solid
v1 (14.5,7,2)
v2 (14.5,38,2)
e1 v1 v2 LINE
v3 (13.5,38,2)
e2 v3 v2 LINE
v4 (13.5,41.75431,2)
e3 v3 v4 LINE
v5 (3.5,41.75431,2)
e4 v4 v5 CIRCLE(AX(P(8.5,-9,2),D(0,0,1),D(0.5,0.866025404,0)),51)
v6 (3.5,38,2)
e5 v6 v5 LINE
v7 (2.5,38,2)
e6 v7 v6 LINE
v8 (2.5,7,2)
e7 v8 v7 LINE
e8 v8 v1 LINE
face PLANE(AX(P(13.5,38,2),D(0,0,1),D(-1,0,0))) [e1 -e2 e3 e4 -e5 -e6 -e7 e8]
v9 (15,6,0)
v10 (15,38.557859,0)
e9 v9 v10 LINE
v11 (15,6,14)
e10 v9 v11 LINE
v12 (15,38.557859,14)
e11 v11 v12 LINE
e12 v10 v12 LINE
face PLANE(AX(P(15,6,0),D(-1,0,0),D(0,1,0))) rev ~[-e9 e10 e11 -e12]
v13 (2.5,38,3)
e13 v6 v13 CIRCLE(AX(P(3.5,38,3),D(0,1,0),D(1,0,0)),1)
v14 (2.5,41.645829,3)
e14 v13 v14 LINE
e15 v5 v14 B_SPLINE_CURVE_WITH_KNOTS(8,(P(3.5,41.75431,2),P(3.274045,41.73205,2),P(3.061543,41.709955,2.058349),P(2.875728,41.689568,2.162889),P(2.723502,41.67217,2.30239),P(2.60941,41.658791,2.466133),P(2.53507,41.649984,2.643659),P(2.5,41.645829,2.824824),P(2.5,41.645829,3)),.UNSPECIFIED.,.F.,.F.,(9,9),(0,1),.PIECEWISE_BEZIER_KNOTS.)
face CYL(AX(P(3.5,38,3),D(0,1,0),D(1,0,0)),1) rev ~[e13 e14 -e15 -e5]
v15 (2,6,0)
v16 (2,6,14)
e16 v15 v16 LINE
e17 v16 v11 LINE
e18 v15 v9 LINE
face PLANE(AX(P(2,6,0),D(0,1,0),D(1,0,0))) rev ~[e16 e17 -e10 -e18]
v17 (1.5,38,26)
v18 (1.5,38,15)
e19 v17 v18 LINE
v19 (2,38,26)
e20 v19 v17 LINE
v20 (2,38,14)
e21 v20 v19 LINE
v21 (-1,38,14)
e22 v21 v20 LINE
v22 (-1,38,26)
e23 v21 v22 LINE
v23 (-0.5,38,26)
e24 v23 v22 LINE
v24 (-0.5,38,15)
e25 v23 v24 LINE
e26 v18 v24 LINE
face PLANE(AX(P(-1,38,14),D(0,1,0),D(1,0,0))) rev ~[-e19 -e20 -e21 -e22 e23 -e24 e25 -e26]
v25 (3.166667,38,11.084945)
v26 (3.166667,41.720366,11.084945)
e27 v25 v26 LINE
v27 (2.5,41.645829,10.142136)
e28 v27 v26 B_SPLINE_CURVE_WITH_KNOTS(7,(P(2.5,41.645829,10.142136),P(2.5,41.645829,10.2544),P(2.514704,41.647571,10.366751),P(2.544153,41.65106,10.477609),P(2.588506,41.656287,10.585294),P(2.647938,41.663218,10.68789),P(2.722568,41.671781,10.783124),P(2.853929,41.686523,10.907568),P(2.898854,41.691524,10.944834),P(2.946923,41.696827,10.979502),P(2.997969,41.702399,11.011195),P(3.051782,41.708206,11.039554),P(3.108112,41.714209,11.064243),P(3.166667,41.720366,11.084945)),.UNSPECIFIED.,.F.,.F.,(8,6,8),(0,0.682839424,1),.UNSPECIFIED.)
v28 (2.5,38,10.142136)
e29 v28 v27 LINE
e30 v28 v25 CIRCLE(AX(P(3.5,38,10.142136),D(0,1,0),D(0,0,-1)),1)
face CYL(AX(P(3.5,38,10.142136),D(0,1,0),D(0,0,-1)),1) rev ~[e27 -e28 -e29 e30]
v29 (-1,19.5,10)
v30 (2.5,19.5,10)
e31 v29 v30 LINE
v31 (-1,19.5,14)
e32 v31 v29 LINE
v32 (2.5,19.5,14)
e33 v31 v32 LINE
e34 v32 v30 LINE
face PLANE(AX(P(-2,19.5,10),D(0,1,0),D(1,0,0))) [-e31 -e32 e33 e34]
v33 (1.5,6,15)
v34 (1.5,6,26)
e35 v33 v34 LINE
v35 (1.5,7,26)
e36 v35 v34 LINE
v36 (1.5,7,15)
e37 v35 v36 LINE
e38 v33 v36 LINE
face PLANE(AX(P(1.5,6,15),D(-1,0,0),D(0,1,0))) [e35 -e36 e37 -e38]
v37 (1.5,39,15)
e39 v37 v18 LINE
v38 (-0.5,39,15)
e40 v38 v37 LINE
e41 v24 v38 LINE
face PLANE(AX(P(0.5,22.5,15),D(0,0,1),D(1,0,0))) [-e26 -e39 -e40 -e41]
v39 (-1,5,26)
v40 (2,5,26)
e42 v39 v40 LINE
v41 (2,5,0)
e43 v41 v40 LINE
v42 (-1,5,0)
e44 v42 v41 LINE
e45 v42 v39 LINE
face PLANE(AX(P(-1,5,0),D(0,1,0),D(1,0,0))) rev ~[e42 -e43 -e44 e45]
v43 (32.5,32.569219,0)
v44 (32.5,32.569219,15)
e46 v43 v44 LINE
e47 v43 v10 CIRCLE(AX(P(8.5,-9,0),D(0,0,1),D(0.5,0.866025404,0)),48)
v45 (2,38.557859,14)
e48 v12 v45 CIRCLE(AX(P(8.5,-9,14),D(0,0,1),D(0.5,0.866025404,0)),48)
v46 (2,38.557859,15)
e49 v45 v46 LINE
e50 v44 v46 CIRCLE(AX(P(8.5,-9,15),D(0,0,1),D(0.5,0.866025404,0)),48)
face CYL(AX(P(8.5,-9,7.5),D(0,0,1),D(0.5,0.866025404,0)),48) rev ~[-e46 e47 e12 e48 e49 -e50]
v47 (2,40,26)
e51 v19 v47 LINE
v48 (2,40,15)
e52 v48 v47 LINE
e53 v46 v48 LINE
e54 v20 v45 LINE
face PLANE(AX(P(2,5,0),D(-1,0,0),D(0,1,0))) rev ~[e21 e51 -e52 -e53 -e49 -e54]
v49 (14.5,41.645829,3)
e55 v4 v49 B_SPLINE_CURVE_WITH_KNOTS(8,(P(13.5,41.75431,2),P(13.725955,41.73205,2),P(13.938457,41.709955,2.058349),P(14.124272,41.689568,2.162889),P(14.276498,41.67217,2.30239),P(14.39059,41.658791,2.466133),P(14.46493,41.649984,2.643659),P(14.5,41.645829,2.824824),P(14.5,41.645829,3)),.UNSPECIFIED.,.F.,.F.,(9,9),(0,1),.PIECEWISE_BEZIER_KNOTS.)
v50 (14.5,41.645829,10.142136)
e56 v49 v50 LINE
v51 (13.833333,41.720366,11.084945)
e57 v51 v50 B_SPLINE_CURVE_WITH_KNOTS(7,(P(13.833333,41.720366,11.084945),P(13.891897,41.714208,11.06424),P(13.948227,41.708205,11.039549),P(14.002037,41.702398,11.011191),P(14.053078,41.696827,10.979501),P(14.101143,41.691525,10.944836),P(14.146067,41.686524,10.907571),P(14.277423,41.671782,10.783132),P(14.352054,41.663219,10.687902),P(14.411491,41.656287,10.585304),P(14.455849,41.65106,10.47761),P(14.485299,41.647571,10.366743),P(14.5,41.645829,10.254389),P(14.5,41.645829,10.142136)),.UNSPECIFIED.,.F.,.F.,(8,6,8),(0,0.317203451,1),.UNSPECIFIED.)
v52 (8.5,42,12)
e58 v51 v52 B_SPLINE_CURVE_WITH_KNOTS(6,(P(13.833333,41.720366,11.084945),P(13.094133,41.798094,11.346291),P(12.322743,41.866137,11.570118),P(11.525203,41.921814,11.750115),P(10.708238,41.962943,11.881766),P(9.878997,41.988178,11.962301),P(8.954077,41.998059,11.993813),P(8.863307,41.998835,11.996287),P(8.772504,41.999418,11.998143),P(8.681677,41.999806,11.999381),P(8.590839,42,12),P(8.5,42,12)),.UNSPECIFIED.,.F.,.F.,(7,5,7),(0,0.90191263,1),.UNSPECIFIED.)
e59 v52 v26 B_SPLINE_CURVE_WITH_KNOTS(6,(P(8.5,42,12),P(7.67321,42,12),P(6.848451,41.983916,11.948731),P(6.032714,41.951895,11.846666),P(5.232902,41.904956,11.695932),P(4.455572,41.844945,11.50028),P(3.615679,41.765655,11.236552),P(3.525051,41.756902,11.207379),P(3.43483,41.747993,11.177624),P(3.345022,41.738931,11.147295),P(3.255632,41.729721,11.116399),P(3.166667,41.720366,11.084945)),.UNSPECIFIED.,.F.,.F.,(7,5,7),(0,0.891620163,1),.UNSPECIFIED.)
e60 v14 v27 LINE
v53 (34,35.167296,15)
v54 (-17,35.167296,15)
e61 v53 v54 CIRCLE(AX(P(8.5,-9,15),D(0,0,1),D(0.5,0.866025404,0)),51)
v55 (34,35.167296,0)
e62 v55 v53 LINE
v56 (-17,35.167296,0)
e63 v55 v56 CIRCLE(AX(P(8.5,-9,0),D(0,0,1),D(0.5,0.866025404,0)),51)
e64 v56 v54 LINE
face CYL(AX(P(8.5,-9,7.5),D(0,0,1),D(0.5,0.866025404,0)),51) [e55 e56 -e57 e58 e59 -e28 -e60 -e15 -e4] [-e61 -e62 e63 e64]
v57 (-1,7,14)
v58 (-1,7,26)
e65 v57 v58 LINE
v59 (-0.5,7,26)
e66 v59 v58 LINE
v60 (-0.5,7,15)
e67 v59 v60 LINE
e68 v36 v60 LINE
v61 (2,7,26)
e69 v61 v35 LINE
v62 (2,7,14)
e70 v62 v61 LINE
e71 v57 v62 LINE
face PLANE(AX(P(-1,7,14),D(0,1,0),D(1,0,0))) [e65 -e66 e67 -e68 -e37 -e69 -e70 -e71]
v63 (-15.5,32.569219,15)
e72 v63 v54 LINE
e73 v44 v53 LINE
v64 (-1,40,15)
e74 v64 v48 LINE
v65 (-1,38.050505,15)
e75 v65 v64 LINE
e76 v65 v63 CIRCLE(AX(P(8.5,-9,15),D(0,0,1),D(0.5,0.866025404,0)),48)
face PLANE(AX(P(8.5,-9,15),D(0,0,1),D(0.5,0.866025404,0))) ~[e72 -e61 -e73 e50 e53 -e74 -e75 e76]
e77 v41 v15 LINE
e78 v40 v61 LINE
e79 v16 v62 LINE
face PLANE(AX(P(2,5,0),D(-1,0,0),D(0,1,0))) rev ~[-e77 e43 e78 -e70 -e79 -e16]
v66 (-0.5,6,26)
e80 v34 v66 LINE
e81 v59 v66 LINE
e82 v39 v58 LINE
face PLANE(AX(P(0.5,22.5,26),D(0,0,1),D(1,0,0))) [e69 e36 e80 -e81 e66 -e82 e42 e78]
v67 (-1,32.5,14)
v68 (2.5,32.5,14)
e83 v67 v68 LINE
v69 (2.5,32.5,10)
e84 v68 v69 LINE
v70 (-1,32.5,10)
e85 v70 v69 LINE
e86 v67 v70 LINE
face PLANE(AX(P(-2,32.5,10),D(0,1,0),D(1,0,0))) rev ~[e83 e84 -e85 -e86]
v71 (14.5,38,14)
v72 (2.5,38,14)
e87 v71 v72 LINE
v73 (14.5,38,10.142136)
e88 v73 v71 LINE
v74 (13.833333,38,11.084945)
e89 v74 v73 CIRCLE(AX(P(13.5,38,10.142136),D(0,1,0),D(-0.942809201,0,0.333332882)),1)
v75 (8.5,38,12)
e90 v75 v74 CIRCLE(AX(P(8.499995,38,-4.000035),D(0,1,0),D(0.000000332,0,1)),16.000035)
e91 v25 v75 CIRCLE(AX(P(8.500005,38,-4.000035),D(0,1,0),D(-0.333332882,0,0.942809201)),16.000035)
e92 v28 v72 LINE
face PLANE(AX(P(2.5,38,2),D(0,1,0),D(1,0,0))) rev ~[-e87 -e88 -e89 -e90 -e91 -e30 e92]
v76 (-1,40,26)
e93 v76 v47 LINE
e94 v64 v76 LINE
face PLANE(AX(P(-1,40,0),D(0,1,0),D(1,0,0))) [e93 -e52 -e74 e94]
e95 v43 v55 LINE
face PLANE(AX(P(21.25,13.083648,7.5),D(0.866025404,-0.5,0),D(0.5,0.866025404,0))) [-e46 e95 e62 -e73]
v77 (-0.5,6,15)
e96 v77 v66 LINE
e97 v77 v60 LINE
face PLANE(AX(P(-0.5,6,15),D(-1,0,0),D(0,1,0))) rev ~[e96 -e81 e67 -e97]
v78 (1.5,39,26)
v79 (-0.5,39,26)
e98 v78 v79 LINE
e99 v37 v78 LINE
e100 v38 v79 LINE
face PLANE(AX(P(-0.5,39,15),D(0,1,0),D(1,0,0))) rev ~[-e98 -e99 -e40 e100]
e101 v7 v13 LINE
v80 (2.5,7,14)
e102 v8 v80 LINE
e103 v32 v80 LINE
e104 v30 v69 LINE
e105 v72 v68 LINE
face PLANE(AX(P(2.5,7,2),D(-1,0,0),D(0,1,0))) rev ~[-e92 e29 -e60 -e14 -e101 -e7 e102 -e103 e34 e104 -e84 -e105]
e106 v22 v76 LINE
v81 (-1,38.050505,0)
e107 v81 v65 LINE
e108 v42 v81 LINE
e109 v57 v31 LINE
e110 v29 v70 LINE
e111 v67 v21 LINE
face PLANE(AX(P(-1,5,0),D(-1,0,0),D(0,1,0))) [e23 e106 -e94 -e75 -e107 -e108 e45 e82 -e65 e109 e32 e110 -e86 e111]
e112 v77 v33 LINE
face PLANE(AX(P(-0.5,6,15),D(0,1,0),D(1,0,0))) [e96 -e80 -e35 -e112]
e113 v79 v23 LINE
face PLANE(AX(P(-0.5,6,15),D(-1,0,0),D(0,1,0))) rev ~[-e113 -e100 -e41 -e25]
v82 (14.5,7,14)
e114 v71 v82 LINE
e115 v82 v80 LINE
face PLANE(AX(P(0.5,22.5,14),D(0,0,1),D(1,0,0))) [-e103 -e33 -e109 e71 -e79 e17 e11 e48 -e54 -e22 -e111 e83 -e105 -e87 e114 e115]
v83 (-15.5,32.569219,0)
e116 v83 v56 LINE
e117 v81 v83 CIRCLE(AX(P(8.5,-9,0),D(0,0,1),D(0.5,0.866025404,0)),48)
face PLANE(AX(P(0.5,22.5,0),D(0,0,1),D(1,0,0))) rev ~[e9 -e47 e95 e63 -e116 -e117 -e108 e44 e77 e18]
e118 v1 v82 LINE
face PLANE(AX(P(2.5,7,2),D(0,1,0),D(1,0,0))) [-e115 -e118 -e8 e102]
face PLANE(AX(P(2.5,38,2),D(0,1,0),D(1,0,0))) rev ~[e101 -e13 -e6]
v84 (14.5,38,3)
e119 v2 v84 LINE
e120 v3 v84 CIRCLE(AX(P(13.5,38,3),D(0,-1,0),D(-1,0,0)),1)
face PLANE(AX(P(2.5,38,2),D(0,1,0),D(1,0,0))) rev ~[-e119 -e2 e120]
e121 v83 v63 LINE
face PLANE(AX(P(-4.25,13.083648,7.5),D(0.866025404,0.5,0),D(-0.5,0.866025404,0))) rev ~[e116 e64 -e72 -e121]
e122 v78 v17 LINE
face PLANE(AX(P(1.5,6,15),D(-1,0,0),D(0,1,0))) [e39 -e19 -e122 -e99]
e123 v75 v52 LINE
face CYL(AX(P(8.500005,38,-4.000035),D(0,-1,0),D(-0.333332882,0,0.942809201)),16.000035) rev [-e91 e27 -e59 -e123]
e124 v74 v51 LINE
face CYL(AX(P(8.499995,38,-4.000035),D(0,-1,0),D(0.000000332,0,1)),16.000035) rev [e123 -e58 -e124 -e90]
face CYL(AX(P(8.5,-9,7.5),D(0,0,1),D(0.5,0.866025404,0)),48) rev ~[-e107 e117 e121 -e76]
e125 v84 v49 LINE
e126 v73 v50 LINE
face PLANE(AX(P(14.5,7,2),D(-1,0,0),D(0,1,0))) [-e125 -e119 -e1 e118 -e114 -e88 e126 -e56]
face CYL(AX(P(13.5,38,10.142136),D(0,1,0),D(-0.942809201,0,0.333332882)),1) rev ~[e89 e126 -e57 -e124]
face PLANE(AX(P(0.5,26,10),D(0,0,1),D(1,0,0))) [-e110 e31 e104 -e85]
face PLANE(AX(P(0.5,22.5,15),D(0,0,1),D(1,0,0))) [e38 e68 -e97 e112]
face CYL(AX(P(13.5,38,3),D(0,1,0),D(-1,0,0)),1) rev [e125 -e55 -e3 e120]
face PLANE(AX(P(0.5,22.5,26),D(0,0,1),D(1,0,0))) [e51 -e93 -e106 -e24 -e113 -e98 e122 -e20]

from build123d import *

# Parameters (mm, degrees)
BOX005_W                    = 5
BOX005_H                    = 13
BOX005_DEPTH                = 4
BOX004_W                    = 3
BOX004_H                    = 31
BOX004_DEPTH                = 14
BOX003_W                    = 2
BOX003_H                    = 33
BOX003_DEPTH                = 11.2
BOX002_W                    = 3
BOX002_H                    = 35
BOX002_DEPTH                = 26
EXTRUDE_DEPTH               = 5
EXTRUDE001_DEPTH            = 5
THICKNESS_T                 = 1
BOX_W                       = 12
BOX_H                       = 31
BOX_DEPTH                   = 15
BOX001_W                    = 13
BOX001_H                    = 34
BOX001_DEPTH                = 14
CYLINDER001_W               = 48
CYLINDER001_H               = 15
CYLINDER001_ANGLE           = 60
CYLINDER001_PLACEMENT_ANGLE = 60
CYLINDER_W                  = 51
CYLINDER_H                  = 15
CYLINDER_ANGLE              = 60
CYLINDER_PLACEMENT_ANGLE    = 60


with BuildPart() as servo_wall_cutaway:
    # Box005 → Box005 (new body)
    with BuildSketch(Plane(origin=(-2, 19.5, 10), x_dir=(1, 0, 0), z_dir=(0, 0, 1))):
        with Locations((2.5, 6.5)):
            Rectangle(BOX005_W, BOX005_H)
    extrude(amount=BOX005_DEPTH)


with BuildPart() as slot_wall_cutout2:
    # Box004 → Box004 (new body)
    with BuildSketch(Plane(origin=(-1, 7, 14), x_dir=(1, 0, 0), z_dir=(0, 0, 1))):
        with Locations((1.5, 15.5)):
            Rectangle(BOX004_W, BOX004_H)
    extrude(amount=BOX004_DEPTH)


with BuildPart() as slot_wall_cutout1:
    # Box003 → Box003 (new body)
    with BuildSketch(Plane(origin=(-0.5, 6, 15), x_dir=(1, 0, 0), z_dir=(0, 0, 1))):
        with Locations((1, 16.5)):
            Rectangle(BOX003_W, BOX003_H)
    extrude(amount=BOX003_DEPTH)


with BuildPart() as wall_slot_finished:
    # Box002 → Box002 (new body)
    with BuildSketch(Plane(origin=(-1, 5, 0), x_dir=(1, 0, 0), z_dir=(0, 0, 1))):
        with Locations((1.5, 17.5)):
            Rectangle(BOX002_W, BOX002_H)
    extrude(amount=BOX002_DEPTH)

    # Cut003: cut slot wall cutout1
    add(slot_wall_cutout1.part, mode=Mode.SUBTRACT)

    # Cut004: cut slot wall cutout2
    add(slot_wall_cutout2.part, mode=Mode.SUBTRACT)


with BuildPart() as extrude_body:
    # Common_cs → Extrude (new body)
    with BuildSketch(Plane(origin=(8.5, 45, 6), x_dir=(1, 0, 0), z_dir=(0, 1, 0))):
        with BuildLine():
            Line((5, 4), (-5, 4))
            Line((-5, 4), (-5, -3.142136))
            ThreePointArc((-5, -3.142136), (-2.53653, -3.783978), (0, -4))
            ThreePointArc((0, -4), (2.53653, -3.783978), (5, -3.142136))
            Line((5, -3.142136), (5, 4))
        make_face()
    extrude(amount=EXTRUDE_DEPTH)


with BuildPart() as extrude001:
    # Common_cs001 → Extrude001 (new body)
    with BuildSketch(Plane(origin=(8.5, 45, 6), x_dir=(1, 0, 0), z_dir=(0, 1, 0))):
        with BuildLine():
            Line((5, 4), (-5, 4))
            Line((-5, 4), (-5, -3.142136))
            ThreePointArc((-5, -3.142136), (-2.53653, -3.783978), (0, -4))
            ThreePointArc((0, -4), (2.53653, -3.783978), (5, -3.142136))
            Line((5, -3.142136), (5, 4))
        make_face()
    extrude(amount=EXTRUDE001_DEPTH)


with BuildPart() as bolt_bottle_side_opening:
    # Thickness base: copy of Extrude body
    add(extrude_body.part)

    # Thickness
    thickness_openings = [bolt_bottle_side_opening.faces().sort_by_distance(p)[0] for p in [
        (8.5, 50, 5.862901),
    ]]
    offset(amount=THICKNESS_T, openings=thickness_openings)

    # Fusion: union Extrude body, Extrude001
    add(extrude_body.part)
    add(extrude001.part)


with BuildPart() as bolt_bottle_side_opening_1:
    # Fusion placement: moved
    add(bolt_bottle_side_opening.part.moved(Location((0, -7, 1))))


with BuildPart() as pullbay:
    # Box → Box (new body)
    with BuildSketch(Plane(origin=(2.5, 7, 2), x_dir=(1, 0, 0), z_dir=(0, 0, 1))):
        with Locations((6, 15.5)):
            Rectangle(BOX_W, BOX_H)
    extrude(amount=BOX_DEPTH)


with BuildPart() as cut_bay_from_case:
    # Box001 → Box001 (new body)
    with BuildSketch(Plane(origin=(2, 6, 0), x_dir=(1, 0, 0), z_dir=(0, 0, 1))):
        with Locations((6.5, 17)):
            Rectangle(BOX001_W, BOX001_H)
    extrude(amount=BOX001_DEPTH)

    # Cut001: cut pullBay
    add(pullbay.part, mode=Mode.SUBTRACT)


with BuildPart() as bottle_wall001:
    # Cylinder001 → Cylinder001 (revolve)
    with BuildSketch(Plane.XZ):
        with Locations((24, 7.5)):
            Rectangle(CYLINDER001_W, CYLINDER001_H)
    revolve(axis=Axis((0, 0, 0), (0, 0, 1)), revolution_arc=CYLINDER001_ANGLE)


with BuildPart() as bottle_wall001_1:
    # Cylinder001 placement: moved
    add(bottle_wall001.part.moved(Location((8.5, -7, 0))).rotate(Axis((8.5, -7, 0), (0, 0, 1)), CYLINDER001_PLACEMENT_ANGLE))


with BuildPart() as cut005:
    # Cylinder → Cylinder (revolve)
    with BuildSketch(Plane.XZ):
        with Locations((25.5, 7.5)):
            Rectangle(CYLINDER_W, CYLINDER_H)
    revolve(axis=Axis((0, 0, 0), (0, 0, 1)), revolution_arc=CYLINDER_ANGLE)


with BuildPart() as cut005_1:
    # Cylinder placement: moved
    add(cut005.part.moved(Location((8.5, -7, 0))).rotate(Axis((8.5, -7, 0), (0, 0, 1)), CYLINDER_PLACEMENT_ANGLE))

    # Cut: cut bottle_wall001
    add(bottle_wall001_1.part, mode=Mode.SUBTRACT)


with BuildPart() as cut005_2:
    # Cut placement: moved
    add(cut005_1.part.moved(Location((0, -2, 0))))

    # Fusion001: union cut bay from case
    add(cut_bay_from_case.part)

    # Cut002: cut bolt_bottle_side_opening
    add(bolt_bottle_side_opening_1.part, mode=Mode.SUBTRACT)

    # Fusion002: union wall slot finished
    add(wall_slot_finished.part)

    # Cut005: cut servo wall cutaway
    add(servo_wall_cutaway.part, mode=Mode.SUBTRACT)


solid = cut005_2.part
